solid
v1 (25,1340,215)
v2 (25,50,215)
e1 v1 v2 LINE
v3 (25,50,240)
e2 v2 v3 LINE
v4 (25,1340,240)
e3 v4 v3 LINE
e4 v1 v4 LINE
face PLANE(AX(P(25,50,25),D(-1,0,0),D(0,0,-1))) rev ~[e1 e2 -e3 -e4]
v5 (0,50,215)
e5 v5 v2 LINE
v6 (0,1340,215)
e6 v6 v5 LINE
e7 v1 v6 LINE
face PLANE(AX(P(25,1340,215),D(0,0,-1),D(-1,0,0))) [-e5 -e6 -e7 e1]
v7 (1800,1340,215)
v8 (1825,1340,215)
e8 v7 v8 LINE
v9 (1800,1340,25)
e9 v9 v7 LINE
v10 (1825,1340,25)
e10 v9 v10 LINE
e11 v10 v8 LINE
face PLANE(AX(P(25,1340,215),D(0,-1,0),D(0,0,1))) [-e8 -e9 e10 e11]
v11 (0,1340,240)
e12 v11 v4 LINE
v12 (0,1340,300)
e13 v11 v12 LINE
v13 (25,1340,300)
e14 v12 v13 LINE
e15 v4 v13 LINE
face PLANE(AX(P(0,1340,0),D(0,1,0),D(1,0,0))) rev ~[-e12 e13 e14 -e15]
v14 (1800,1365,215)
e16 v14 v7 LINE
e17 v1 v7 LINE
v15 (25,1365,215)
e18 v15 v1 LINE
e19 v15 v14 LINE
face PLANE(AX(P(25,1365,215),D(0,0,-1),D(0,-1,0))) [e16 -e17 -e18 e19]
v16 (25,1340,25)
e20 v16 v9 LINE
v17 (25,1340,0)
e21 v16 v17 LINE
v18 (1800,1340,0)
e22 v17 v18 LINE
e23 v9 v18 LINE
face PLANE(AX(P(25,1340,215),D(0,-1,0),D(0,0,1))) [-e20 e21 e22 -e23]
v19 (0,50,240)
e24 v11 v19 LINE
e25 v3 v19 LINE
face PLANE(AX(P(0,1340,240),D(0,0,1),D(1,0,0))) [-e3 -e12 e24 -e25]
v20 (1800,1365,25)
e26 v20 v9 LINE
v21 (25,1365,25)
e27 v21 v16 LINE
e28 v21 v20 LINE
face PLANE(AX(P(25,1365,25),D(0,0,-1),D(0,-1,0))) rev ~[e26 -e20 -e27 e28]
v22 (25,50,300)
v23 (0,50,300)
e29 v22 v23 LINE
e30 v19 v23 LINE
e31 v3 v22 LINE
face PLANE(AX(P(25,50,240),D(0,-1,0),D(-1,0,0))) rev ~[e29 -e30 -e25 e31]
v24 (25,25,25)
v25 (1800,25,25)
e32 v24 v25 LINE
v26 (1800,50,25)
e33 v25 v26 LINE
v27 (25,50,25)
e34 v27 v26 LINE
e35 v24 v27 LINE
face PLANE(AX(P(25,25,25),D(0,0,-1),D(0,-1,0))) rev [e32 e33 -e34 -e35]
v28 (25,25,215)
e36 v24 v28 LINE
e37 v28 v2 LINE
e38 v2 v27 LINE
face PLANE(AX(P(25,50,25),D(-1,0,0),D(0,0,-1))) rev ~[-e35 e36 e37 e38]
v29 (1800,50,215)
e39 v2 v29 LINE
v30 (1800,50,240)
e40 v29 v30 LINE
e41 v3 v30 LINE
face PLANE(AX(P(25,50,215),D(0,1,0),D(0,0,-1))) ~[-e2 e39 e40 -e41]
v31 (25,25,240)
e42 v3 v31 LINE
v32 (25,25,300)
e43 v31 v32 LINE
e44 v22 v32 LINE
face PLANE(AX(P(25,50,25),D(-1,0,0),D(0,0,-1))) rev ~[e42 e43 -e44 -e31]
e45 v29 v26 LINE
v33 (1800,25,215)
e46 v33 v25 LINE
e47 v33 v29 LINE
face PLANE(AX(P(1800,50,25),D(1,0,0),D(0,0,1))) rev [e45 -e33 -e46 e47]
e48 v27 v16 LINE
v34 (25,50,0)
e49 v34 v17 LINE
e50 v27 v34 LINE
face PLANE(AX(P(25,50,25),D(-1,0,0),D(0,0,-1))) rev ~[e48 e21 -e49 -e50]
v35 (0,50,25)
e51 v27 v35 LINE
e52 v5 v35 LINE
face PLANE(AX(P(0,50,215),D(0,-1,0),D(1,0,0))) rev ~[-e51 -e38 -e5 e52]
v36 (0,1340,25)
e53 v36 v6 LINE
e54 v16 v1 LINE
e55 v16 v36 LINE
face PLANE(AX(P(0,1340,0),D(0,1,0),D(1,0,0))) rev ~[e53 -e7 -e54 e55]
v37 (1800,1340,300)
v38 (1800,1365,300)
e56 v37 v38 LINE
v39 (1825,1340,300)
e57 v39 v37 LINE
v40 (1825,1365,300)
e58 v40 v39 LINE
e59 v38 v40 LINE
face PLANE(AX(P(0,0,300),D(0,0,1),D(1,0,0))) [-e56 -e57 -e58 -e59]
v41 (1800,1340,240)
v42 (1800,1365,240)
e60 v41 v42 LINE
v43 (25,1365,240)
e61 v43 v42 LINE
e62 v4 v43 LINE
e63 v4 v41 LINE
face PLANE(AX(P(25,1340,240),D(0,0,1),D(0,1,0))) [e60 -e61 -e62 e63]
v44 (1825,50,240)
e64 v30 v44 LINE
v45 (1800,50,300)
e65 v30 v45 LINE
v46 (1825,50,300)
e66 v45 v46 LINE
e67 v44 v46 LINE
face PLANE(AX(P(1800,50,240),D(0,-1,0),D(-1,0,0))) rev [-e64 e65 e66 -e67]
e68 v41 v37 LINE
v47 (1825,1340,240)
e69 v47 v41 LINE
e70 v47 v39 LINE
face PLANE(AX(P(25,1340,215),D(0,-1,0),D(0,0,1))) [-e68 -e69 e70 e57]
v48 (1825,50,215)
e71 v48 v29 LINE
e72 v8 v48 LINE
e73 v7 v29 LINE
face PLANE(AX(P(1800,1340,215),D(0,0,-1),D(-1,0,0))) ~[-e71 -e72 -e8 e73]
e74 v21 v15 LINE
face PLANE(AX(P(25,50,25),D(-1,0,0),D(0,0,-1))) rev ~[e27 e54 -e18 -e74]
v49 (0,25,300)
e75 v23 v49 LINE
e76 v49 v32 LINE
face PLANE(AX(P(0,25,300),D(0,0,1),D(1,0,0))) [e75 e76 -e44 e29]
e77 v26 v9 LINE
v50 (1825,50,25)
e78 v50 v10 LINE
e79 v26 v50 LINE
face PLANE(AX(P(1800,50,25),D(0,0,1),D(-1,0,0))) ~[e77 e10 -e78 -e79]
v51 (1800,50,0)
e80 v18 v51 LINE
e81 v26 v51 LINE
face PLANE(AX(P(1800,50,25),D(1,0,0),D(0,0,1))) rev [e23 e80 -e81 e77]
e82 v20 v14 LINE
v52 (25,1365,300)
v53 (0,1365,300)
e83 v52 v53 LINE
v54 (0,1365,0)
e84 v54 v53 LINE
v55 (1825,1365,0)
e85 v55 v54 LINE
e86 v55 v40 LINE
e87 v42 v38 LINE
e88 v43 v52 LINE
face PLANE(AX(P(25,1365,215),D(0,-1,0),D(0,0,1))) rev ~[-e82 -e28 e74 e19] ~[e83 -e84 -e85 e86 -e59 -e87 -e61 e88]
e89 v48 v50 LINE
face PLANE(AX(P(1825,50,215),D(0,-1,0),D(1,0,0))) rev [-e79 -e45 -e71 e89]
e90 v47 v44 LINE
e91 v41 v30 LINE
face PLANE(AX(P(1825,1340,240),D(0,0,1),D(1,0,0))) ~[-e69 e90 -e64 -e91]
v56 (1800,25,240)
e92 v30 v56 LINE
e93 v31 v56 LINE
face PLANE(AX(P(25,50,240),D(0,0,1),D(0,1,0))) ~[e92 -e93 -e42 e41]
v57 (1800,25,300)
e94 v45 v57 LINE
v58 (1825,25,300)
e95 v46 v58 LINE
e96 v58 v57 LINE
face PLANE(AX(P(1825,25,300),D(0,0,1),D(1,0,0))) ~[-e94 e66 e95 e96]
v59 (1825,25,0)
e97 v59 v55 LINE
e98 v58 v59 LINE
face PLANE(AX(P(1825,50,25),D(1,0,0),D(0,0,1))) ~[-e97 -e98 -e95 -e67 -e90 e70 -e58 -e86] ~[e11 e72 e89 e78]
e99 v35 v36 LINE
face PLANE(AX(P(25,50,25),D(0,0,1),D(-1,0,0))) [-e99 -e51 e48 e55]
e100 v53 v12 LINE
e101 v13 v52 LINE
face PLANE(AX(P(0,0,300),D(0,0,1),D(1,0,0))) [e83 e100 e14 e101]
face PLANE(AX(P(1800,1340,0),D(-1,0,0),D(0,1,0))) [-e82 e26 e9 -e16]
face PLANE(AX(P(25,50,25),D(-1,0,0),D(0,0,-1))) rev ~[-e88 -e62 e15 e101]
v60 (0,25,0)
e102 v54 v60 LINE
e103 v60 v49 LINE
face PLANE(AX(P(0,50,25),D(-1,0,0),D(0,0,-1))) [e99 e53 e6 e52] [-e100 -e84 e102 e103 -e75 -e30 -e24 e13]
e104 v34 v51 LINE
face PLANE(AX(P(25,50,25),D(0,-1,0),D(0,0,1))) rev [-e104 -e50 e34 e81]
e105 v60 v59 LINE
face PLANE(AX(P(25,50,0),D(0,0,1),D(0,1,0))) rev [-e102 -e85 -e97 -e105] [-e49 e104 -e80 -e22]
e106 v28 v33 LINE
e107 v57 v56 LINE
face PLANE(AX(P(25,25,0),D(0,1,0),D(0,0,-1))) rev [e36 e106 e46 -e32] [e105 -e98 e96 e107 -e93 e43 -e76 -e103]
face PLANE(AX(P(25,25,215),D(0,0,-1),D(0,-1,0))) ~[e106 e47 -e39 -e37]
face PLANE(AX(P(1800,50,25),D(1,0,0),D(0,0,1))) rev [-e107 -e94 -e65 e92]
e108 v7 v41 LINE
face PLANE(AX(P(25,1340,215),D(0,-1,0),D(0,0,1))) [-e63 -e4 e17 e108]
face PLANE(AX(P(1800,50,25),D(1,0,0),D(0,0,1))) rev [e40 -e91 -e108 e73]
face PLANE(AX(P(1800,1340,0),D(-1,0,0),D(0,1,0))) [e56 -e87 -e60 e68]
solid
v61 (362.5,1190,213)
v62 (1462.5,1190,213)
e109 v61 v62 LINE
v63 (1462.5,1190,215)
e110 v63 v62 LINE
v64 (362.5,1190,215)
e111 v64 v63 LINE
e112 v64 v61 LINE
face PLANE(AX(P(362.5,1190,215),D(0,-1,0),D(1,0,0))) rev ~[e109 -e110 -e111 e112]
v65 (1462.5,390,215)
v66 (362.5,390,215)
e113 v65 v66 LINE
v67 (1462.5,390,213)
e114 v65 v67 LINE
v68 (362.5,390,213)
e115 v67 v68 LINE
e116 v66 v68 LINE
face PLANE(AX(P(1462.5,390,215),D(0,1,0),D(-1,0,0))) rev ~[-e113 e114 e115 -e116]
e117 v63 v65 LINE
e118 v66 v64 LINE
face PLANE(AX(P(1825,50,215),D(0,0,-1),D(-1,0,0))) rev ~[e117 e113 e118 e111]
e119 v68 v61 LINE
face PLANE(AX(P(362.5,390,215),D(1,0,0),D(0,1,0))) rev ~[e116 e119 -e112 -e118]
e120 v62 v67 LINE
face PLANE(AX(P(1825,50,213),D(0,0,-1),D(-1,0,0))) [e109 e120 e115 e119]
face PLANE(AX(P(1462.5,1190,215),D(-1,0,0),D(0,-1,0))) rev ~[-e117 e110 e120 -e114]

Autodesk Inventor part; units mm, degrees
ref_plane "YZ Plane" through (0, 0, 0) normal (1, 0, 0) x (0, 1, 0)
sketch "Sketch1" plane through (0, 0, 0) normal (0, 0, 1) x (1, 0, 0)
  line L0 (0, 0) -> (29.7379, 0) construction
  line L1 (0, 1340) -> (25, 1340)
  line L2 (25, 1340) -> (25, 1365)
  line L3 (25, 1365) -> (0, 1365)
  line L4 (0, 1365) -> (0, 1340)
  line L5 (1800, 1365) -> (1825, 1365)
  line L6 (1825, 1365) -> (1825, 1340)
  line L7 (1825, 1340) -> (1800, 1340)
  line L8 (1800, 1340) -> (1800, 1365)
  line L9 (1734.4226, 849.9895) -> (1993.1274, 849.9895) construction
  dimension "d0" = 25
  dimension "d1" = 25
  dimension "d2" = 1340
  dimension "d3" = 25
  dimension "d4" = 25
  dimension "d5" = 1800
  dimension "d6" = 490.0105
  dimension "d7" = 1340
extrude "Extrusion1" add sketch "Sketch1" along normal blind 300
sketch "Sketch2" plane through (0, 1340, 0) normal (0, -1, 0) x (1, 0, 0)
  line L0 (25, 0) -> (25, 300) projected
  line L1 (0, 300) -> (25, 300) projected
  line L2 (0, 0) -> (0, 300) projected
  line L3 (0, 240) -> (25, 240)
  line L4 (25, 240) -> (25, 215)
  line L5 (25, 215) -> (0, 215)
  line L6 (0, 215) -> (0, 240)
  dimension "d10" = 25
  dimension "d11" = 60
extrude "Extrusion2" add sketch "Sketch2" along normal blind 1315 contours L5 L2 L3 L0
sketch "Sketch4" plane through (0, 25, 240) normal (0, 0, 1) x (1, 0, 0)
  line L0 (25, 1315) -> (25, 0) projected
  line L1 (0, 0) -> (25, 0)
  line L2 (25, 0) -> (25, 25)
  line L3 (25, 25) -> (0, 25)
  line L4 (0, 25) -> (0, 0)
  point P0 (0, -25)
  dimension "d14" = 25
extrude "Extrusion3" add sketch "Sketch4" along normal up to surface (60 mm away)
sketch "Sketch5" plane through (25, 25, 215) normal (0, 0, -1) x (-1, 0, 0)
  line L0 (25, 1315) -> (25, 0) projected
  line L1 (0, 0) -> (25, 0)
  line L2 (25, 0) -> (25, 25)
  line L3 (25, 25) -> (0, 25)
  line L4 (0, 25) -> (0, 0)
  point P0 (25, -25)
  dimension "d17" = 25
extrude "Extrusion4" add sketch "Sketch5" along normal up to surface (215 mm away)
sketch "Sketch6" plane through (0, 50, 215) normal (0, 1, 0) x (1, 0, 0)
  line L0 (25, 0) -> (25, 215) projected
  line L1 (0, 215) -> (25, 215)
  line L2 (25, 215) -> (25, 190)
  line L3 (25, 190) -> (0, 190)
  line L4 (0, 190) -> (0, 215)
  dimension "d20" = 25
extrude "Extrusion5" add sketch "Sketch6" along normal up to surface (1290 mm away)
sketch "Sketch7" plane through (25, 1365, 300) normal (1, 0, 0) x (0, 0, -1)
  line L0 (275, -25) -> (300, -25)
  line L1 (300, -25) -> (300, 0)
  line L2 (300, 0) -> (275, 0)
  line L3 (275, 0) -> (275, -25)
  point P0 (300, -1365)
extrude "Extrusion6" add sketch "Sketch7" along normal up to surface (1775 mm away)
sketch "Sketch8" plane through (25, 25, 0) normal (1, 0, 0) x (0, 0, -1)
  line L0 (-25, 1340) -> (-300, 1340) projected
  line L1 (-215, 1315) -> (-240, 1315)
  line L2 (-240, 1315) -> (-240, 1340)
  line L3 (-240, 1340) -> (-215, 1340)
  line L4 (-215, 1340) -> (-215, 1315)
  point P0 (0, -25)
extrude "Extrusion7" add sketch "Sketch8" along normal up to surface (1775 mm away)
ref_plane "Work Plane1" through (912.5, 1365, 0) normal (-1, 0, 0) x (0, 0, 1)
mirror "Mirror1" about plane through (912.5, 1365, 0) normal (-1, 0, 0) of "Extrusion2", "Extrusion3", "Extrusion4", "Extrusion5"
ref_plane "Work Plane2" through (1800, 695, 0) normal (0, -1, 0) x (1, 0, 0)
mirror "Mirror2" about plane through (1800, 695, 0) normal (0, -1, 0) of "Extrusion7", "Extrusion6"
sketch "Sketch9" plane through (0, 0, 0) normal (0, 0, 1) x (1, 0, 0)
  line L0 (25, 1340) -> (1800, 1340) construction
  line L1 (1800, 1340) -> (1800, 50) construction
  line L2 (25, 1340) -> (25, 50) construction
  line L3 (362.5, 1190) -> (1462.5, 1190)
  line L4 (1462.5, 1190) -> (1462.5, 390)
  line L5 (1462.5, 390) -> (362.5, 390)
  line L6 (362.5, 390) -> (362.5, 1190)
  line L7 (25, 50) -> (1800, 50) construction
  point P0 (0, 0)
  dimension "d29" = 800
  dimension "d30" = 1100
  dimension "d31" = 337.5
  dimension "d33" = 150
sketch "Sketch10" plane through (1825, 50, 215) normal (0, 0, -1) x (-1, 0, 0)
  line L0 (362.5, 340) -> (1462.5, 340) projected
  line L1 (1462.5, 340) -> (1462.5, 1140) projected
  line L2 (1462.5, 1140) -> (362.5, 1140) projected
  line L3 (362.5, 1140) -> (362.5, 340) projected
  point P0 (1825, -50)
extrude "Extrusion8" add sketch "Sketch10" along normal blind 2
properties part number "CloudGraffitiPlotterRig"
